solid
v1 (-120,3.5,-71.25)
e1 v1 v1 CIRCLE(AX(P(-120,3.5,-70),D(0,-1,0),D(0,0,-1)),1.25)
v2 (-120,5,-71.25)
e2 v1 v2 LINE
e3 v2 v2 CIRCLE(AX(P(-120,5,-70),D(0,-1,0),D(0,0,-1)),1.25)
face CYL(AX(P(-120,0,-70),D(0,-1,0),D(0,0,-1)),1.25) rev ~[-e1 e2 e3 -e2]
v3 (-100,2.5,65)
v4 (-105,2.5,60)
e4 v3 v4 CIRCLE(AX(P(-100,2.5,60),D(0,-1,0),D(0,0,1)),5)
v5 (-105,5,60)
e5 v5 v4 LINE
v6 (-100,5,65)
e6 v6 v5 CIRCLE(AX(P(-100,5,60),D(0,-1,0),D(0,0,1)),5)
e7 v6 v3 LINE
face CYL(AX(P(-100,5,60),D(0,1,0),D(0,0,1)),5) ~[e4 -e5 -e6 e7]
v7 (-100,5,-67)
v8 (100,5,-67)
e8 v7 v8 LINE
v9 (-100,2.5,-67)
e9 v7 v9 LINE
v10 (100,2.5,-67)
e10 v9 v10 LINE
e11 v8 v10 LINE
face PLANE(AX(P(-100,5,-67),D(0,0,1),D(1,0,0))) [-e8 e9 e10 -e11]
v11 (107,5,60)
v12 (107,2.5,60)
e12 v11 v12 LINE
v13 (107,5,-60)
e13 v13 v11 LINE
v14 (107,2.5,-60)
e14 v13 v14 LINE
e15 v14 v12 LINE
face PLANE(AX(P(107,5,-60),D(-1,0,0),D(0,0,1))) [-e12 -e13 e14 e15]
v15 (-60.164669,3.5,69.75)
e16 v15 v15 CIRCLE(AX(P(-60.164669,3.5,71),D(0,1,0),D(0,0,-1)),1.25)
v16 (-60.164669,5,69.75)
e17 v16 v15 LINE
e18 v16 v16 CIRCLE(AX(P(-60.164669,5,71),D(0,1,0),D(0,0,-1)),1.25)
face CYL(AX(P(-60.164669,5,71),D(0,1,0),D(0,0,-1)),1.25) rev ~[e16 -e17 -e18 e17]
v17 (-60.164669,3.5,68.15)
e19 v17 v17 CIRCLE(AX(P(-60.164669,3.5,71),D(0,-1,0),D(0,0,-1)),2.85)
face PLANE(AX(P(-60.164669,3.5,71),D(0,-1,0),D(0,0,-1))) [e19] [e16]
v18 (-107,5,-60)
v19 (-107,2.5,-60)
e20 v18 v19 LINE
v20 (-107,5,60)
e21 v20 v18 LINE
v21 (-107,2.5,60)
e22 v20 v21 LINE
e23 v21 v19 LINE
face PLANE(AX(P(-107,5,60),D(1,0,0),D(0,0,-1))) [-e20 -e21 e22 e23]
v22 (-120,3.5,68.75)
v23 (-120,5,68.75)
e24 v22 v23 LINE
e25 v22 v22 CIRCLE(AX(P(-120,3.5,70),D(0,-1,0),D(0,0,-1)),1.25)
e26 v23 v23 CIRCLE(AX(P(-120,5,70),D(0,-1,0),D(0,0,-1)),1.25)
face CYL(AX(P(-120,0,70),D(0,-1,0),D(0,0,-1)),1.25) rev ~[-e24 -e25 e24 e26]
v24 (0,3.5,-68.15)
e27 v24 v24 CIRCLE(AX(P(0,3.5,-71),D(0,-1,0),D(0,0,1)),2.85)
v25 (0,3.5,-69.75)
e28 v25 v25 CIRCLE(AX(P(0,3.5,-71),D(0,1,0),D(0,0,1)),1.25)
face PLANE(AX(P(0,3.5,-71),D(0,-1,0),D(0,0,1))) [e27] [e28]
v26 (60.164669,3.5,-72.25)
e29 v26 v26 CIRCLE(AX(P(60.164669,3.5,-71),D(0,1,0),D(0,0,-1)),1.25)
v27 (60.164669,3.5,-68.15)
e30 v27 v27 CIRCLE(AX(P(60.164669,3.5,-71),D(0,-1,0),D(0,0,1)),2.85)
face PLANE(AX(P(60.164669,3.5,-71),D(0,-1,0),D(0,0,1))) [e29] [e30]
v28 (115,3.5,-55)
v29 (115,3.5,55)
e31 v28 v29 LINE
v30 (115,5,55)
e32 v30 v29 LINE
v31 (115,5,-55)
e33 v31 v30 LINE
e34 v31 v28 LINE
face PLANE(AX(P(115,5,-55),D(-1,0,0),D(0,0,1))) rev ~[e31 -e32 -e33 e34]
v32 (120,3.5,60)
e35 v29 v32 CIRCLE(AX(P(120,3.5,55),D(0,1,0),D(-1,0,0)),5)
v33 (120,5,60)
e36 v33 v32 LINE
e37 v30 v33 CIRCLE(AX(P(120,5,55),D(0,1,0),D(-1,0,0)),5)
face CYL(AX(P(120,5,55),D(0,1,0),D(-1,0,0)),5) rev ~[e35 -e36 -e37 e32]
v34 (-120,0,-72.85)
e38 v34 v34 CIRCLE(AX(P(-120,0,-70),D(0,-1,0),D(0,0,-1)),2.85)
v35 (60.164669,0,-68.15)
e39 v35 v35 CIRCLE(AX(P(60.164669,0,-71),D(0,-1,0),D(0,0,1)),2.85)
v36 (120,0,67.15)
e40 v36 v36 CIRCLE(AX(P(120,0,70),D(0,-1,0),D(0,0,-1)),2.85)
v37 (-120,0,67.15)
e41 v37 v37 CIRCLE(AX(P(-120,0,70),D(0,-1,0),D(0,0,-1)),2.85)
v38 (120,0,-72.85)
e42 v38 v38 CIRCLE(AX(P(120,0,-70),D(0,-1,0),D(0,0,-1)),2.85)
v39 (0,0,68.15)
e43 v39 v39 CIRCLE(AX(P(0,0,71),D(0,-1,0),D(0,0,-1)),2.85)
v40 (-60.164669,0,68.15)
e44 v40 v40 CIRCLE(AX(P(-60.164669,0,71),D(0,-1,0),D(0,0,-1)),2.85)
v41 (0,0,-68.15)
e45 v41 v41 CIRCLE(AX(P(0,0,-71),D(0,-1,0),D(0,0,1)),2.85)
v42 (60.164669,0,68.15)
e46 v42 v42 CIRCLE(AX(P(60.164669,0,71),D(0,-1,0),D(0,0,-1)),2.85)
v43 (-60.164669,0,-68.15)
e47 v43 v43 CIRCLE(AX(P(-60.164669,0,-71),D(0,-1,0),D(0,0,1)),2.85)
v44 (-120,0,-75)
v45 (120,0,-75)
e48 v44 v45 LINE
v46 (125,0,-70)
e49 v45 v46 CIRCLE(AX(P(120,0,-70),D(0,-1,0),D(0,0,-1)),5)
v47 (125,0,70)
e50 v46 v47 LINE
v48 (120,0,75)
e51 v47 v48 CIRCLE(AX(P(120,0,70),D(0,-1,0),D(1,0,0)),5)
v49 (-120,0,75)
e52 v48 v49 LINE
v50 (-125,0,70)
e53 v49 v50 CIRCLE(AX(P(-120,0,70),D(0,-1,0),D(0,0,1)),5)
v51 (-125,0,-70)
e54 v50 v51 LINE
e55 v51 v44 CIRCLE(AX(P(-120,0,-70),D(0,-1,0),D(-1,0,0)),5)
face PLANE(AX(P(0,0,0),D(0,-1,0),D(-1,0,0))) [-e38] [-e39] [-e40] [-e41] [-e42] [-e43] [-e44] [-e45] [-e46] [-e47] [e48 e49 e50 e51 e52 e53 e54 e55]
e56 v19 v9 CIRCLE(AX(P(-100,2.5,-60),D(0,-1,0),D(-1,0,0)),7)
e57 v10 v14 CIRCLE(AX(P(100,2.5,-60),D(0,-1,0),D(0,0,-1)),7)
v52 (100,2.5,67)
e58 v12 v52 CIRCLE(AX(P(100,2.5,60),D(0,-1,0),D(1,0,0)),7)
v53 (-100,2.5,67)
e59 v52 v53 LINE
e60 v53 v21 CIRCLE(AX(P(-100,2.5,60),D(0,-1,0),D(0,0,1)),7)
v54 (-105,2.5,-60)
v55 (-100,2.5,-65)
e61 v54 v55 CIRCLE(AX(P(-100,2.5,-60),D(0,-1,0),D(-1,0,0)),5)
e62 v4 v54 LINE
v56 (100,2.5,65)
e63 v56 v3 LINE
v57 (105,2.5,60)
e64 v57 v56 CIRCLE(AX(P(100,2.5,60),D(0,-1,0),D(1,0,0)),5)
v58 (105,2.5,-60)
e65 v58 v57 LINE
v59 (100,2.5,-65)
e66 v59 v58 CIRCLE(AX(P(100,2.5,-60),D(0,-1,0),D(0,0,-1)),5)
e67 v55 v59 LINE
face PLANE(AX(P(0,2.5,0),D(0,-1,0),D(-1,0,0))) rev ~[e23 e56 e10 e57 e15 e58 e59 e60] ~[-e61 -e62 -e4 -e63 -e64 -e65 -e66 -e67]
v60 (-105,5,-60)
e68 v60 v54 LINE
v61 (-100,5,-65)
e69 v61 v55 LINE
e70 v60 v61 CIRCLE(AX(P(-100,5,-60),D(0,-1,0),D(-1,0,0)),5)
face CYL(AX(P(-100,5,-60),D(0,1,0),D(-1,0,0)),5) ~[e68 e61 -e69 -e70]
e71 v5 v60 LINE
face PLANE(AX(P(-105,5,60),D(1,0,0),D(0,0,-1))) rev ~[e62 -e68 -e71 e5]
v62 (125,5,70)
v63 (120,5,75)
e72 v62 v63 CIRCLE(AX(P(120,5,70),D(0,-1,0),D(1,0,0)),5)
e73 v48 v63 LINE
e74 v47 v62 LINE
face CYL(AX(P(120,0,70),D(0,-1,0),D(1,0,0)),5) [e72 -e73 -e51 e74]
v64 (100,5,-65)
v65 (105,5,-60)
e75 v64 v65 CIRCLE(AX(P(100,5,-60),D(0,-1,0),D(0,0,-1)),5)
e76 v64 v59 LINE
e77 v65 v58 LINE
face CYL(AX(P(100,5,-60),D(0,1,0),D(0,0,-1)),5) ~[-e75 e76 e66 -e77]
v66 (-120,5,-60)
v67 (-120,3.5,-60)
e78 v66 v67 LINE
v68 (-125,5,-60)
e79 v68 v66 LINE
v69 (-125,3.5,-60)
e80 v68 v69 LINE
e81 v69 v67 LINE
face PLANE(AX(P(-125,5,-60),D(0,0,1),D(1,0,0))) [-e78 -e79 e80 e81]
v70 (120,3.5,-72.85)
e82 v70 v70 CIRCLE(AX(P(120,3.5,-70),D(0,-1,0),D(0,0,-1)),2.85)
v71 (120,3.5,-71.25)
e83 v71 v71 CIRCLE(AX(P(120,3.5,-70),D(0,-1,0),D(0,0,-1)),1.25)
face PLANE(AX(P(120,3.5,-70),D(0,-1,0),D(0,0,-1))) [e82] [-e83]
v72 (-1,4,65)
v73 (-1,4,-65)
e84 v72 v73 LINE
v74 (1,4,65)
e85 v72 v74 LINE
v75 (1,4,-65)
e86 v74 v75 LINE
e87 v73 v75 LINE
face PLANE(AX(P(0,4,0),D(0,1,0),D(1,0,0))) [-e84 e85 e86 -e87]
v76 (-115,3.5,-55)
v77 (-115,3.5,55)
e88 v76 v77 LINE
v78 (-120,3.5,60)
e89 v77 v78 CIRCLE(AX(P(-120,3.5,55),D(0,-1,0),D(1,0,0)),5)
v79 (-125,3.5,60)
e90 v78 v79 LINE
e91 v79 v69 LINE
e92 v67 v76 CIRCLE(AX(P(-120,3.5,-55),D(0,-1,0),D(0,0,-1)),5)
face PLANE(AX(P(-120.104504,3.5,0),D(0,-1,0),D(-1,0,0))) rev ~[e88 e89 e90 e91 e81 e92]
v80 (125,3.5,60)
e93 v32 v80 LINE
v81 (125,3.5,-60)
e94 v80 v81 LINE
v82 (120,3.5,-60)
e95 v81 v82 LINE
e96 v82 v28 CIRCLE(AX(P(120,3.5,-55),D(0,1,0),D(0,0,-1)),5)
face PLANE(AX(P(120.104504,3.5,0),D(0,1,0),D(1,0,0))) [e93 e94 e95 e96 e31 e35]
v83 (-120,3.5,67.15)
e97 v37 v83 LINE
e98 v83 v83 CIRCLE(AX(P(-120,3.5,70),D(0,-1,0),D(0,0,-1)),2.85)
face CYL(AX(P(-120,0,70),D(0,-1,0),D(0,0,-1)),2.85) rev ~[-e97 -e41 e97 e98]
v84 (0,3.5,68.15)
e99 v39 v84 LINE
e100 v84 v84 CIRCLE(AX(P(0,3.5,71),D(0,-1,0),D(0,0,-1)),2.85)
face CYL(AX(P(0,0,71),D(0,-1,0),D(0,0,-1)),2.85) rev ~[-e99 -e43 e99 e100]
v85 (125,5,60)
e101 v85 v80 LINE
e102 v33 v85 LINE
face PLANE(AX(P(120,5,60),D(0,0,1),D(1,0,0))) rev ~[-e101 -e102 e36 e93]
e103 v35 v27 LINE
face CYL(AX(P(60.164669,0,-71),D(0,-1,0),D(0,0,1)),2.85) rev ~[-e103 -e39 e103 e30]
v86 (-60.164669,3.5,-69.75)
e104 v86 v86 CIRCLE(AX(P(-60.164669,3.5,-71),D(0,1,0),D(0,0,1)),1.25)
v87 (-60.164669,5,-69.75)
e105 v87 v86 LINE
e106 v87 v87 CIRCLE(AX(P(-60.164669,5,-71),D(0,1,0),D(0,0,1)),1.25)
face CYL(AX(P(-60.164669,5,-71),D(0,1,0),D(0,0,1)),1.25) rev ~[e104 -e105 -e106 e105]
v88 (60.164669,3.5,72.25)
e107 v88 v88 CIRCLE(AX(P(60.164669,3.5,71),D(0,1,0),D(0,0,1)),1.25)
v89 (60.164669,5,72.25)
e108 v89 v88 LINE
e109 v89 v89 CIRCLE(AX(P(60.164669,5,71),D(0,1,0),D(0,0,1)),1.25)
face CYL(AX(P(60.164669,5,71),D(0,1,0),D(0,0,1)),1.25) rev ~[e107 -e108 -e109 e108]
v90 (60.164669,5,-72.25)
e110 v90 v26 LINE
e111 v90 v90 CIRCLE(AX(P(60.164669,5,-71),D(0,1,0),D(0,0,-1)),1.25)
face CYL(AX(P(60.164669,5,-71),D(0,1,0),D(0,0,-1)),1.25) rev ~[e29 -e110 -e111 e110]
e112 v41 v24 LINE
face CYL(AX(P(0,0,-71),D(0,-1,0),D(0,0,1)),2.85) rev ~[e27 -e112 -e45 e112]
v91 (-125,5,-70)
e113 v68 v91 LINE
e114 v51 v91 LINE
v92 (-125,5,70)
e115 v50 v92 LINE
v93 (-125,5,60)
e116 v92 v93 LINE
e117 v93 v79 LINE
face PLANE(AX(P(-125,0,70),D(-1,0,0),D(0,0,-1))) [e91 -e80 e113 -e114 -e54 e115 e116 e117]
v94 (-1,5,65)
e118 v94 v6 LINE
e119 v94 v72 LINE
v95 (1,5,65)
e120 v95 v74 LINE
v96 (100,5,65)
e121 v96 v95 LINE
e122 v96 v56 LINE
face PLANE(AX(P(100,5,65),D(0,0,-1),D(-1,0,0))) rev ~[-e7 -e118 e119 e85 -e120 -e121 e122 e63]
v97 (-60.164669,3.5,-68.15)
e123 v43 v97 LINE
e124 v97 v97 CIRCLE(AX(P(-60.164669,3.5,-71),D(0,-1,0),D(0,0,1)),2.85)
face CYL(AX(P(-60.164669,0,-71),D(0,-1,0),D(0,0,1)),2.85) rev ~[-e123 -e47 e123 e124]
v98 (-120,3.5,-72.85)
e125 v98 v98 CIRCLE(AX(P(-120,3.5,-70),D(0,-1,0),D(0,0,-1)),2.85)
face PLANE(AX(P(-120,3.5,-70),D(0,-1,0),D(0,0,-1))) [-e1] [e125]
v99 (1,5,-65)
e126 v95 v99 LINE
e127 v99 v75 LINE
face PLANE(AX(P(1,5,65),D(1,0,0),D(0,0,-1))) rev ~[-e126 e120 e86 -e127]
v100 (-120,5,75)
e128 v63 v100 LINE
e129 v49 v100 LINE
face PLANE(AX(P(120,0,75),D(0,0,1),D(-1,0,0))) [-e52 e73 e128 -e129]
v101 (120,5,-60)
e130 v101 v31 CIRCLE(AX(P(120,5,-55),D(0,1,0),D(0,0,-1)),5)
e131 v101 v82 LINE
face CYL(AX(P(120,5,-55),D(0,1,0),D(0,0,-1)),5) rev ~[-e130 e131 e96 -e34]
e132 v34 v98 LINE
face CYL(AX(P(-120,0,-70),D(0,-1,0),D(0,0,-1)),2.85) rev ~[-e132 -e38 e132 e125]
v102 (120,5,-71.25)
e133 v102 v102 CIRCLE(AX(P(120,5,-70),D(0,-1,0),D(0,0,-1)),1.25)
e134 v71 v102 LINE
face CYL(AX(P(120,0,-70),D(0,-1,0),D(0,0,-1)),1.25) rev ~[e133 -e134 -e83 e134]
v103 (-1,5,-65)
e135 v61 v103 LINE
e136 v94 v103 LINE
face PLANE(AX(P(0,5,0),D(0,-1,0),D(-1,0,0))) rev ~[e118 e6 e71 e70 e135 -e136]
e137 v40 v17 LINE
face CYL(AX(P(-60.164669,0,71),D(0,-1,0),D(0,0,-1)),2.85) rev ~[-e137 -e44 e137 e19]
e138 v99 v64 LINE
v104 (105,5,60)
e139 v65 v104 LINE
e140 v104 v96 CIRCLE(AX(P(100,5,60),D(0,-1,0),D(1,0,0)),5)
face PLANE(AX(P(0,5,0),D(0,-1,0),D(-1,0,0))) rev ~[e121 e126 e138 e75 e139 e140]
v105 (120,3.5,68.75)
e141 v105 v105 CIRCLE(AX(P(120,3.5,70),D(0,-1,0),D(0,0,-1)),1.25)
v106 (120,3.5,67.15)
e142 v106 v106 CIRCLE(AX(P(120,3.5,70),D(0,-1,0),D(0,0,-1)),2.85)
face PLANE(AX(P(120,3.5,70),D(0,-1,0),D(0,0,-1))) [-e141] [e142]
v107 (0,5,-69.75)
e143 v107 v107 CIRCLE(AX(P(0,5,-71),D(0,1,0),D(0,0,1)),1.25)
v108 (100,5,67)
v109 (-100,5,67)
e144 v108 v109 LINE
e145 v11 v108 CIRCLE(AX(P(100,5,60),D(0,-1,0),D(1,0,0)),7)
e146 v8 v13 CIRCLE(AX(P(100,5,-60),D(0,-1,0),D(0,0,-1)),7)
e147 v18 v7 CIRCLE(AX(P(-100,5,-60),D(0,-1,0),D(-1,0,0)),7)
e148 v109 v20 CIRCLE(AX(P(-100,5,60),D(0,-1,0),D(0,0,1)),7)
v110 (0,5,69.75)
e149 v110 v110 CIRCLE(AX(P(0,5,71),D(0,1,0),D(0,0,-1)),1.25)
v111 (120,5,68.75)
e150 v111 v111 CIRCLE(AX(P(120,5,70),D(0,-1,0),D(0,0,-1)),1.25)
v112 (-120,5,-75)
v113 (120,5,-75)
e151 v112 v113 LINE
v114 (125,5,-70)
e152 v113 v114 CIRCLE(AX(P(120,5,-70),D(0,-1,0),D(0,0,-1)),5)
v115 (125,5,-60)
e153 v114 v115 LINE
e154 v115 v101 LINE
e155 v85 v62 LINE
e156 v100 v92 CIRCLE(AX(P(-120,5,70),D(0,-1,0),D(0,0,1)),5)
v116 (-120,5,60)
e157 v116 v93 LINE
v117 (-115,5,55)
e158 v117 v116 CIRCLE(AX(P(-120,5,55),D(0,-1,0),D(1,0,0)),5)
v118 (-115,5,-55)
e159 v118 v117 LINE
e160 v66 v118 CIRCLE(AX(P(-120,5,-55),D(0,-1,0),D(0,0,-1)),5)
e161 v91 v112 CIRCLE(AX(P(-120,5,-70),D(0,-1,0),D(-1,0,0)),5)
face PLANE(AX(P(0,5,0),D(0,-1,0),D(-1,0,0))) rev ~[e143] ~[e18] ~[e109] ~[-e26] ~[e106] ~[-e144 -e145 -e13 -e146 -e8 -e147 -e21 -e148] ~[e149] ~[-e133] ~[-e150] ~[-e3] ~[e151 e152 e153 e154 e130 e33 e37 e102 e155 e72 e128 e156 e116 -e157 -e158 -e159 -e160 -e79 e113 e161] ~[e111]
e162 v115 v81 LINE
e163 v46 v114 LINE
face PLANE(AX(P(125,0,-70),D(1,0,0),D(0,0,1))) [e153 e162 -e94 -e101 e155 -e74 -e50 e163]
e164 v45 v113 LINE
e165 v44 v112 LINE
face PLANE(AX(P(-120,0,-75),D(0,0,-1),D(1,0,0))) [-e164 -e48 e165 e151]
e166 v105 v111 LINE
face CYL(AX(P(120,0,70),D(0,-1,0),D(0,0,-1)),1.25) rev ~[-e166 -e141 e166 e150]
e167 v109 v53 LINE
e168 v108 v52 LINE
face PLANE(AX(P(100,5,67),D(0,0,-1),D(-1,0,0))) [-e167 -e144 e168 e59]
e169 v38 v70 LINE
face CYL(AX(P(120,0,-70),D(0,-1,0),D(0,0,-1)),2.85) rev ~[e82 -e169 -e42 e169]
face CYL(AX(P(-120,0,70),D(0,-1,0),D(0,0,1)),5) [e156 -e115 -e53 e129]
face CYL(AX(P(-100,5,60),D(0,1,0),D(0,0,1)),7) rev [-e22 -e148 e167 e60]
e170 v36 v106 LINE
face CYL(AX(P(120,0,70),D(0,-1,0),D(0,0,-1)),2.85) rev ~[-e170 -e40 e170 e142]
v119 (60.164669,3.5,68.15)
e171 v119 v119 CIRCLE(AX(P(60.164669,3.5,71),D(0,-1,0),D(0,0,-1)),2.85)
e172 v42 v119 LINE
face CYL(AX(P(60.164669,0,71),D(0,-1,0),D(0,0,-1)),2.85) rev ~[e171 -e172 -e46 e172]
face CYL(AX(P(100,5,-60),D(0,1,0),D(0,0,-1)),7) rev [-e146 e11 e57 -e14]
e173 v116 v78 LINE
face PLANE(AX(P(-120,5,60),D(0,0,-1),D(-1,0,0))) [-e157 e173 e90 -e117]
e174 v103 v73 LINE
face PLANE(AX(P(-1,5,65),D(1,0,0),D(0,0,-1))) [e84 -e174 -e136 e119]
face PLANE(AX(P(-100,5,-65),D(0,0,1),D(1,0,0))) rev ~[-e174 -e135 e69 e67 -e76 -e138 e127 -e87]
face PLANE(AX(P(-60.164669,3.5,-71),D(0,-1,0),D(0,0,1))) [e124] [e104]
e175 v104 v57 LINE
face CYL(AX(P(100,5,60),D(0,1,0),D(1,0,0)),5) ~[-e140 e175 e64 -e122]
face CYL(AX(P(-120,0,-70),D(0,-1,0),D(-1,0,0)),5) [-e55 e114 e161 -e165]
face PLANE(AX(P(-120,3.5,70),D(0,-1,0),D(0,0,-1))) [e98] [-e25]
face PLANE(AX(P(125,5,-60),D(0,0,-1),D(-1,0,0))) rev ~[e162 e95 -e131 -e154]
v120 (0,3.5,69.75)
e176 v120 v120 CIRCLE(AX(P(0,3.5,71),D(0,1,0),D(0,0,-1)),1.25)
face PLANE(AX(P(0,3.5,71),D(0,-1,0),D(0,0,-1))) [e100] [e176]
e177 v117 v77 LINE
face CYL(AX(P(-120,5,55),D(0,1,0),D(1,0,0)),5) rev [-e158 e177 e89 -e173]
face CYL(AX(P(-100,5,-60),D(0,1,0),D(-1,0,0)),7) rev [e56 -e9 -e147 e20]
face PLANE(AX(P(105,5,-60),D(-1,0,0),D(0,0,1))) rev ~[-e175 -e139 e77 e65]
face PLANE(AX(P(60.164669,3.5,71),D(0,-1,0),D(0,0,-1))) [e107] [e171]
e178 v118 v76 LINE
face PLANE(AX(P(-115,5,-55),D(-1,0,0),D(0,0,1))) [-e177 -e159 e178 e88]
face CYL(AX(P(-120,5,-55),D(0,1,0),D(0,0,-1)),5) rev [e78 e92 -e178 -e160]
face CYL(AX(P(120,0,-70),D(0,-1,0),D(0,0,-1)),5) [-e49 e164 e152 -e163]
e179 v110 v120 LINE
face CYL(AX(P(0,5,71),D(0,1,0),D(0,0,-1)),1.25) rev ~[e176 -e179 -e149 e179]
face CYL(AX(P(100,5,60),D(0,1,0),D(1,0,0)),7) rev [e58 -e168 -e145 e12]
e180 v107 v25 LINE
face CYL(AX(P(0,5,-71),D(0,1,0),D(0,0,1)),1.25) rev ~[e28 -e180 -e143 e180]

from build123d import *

# Parameters (mm, degrees)
EXTRUDE_1_DEPTH     = 5
CUT_EXTRUDE_1_DEPTH = 1.5
CUT_EXTRUDE_2_DEPTH = 2.5
SKETCH_4_R          = 1.25
CUT_EXTRUDE_3_DEPTH = 5
SKETCH_5_R          = 2.85
CUT_EXTRUDE_4_DEPTH = 3.5
SKETCH_6_R          = 1.25
CUT_EXTRUDE_5_DEPTH = 5
SKETCH_7_R          = 2.85
CUT_EXTRUDE_6_DEPTH = 3.5
SKETCH_8_W          = 2
SKETCH_8_H          = 130
CUT_EXTRUDE_8_DEPTH = 1


with BuildPart() as part:
    # 草图1 → 凸台-拉伸1 (new body)
    with BuildSketch(Plane(origin=(0, 0, 0), x_dir=(1, 0, 0), z_dir=(0, 1, 0))):
        with BuildLine():
            Line((-120, 75), (120, 75))
            ThreePointArc((120, 75), (123.535533906, 73.535533906), (125, 70))
            Line((125, 70), (125, -70))
            ThreePointArc((125, -70), (123.535533906, -73.535533906), (120, -75))
            Line((120, -75), (-120, -75))
            ThreePointArc((-120, -75), (-123.535533906, -73.535533906), (-125, -70))
            Line((-125, -70), (-125, 70))
            ThreePointArc((-125, 70), (-123.535533906, 73.535533906), (-120, 75))
        make_face()
    extrude(amount=EXTRUDE_1_DEPTH)

    # 草图2 → 切除-拉伸1 (cut)
    with BuildSketch(Plane(origin=(0, 5, 0), x_dir=(1, 0, 0), z_dir=(0, 1, 0))):
        with BuildLine():
            Line((-125, 60), (-120, 60))
            ThreePointArc((-120, 60), (-116.464466094, 58.535533906), (-115, 55))
            Line((-115, 55), (-115, -55))
            ThreePointArc((-115, -55), (-116.464466094, -58.535533906), (-120, -60))
            Line((-120, -60), (-125, -60))
            Line((-125, -60), (-125, 60))
        make_face()
        with BuildLine():
            Line((115, 55), (115, -55))
            ThreePointArc((115, -55), (116.464466094, -58.535533906), (120, -60))
            Line((120, -60), (125, -60))
            Line((125, -60), (125, 60))
            Line((125, 60), (120, 60))
            ThreePointArc((120, 60), (116.464466094, 58.535533906), (115, 55))
        make_face()
    extrude(amount=-CUT_EXTRUDE_1_DEPTH, mode=Mode.SUBTRACT)

    # 草图3 → 切除-拉伸2 (cut)
    with BuildSketch(Plane(origin=(0, 5, 0), x_dir=(1, 0, 0), z_dir=(0, 1, 0))):
        with BuildLine():
            Line((-100, 67), (100, 67))
            ThreePointArc((100, 67), (104.949747468, 64.949747468), (107, 60))
            Line((107, 60), (107, -60))
            ThreePointArc((107, -60), (104.949747468, -64.949747468), (100, -67))
            Line((100, -67), (-100, -67))
            ThreePointArc((-100, -67), (-104.949747468, -64.949747468), (-107, -60))
            Line((-107, -60), (-107, 60))
            ThreePointArc((-107, 60), (-104.949747468, 64.949747468), (-100, 67))
        make_face()
        with BuildLine():
            Line((-100, 65), (100, 65))
            ThreePointArc((100, 65), (103.535533906, 63.535533906), (105, 60))
            Line((105, 60), (105, -60))
            ThreePointArc((105, -60), (103.535533906, -63.535533906), (100, -65))
            Line((100, -65), (-100, -65))
            ThreePointArc((-100, -65), (-103.535533906, -63.535533906), (-105, -60))
            Line((-105, -60), (-105, 60))
            ThreePointArc((-105, 60), (-103.535533906, 63.535533906), (-100, 65))
        make_face(mode=Mode.SUBTRACT)
    extrude(amount=-CUT_EXTRUDE_2_DEPTH, mode=Mode.SUBTRACT)

    # 草图4 → 切除-拉伸3 (cut)
    with BuildSketch(Plane.XZ):
        with Locations(Location((-120, 70, 0), (0, 0, 270))):
            Circle(SKETCH_4_R)
        with Locations(Location((-120, -70, 0), (0, 0, 270))):
            Circle(SKETCH_4_R)
        with Locations(Location((120, -70, 0), (0, 0, 270))):
            Circle(SKETCH_4_R)
        with Locations(Location((120, 70, 0), (0, 0, 270))):
            Circle(SKETCH_4_R)
    extrude(amount=-CUT_EXTRUDE_3_DEPTH, mode=Mode.SUBTRACT)

    # 草图5 → 切除-拉伸4 (cut)
    with BuildSketch(Plane.XZ):
        with Locations(Location((-120, 70, 0), (0, 0, 270))):
            Circle(SKETCH_5_R)
        with Locations(Location((-120, -70, 0), (0, 0, 270))):
            Circle(SKETCH_5_R)
        with Locations(Location((120, -70, 0), (0, 0, 270))):
            Circle(SKETCH_5_R)
        with Locations(Location((120, 70, 0), (0, 0, 270))):
            Circle(SKETCH_5_R)
    extrude(amount=-CUT_EXTRUDE_4_DEPTH, mode=Mode.SUBTRACT)

    # 草图6 → 切除-拉伸5 (cut)
    with BuildSketch(Plane(origin=(0, 5, 0), x_dir=(1, 0, 0), z_dir=(0, 1, 0))):
        with Locations(Location((0, 71, 0), (0, 0, 270))):
            Circle(SKETCH_6_R)
        with Locations(Location((-60.164669271, 71, 0), (0, 0, 270))):
            Circle(SKETCH_6_R)
        with Locations(Location((60.164669271, 71, 0), (0, 0, 90))):
            Circle(SKETCH_6_R)
        with Locations(Location((60.164669271, -71, 0), (0, 0, 270))):
            Circle(SKETCH_6_R)
        with Locations(Location((-60.164669271, -71, 0), (0, 0, 90))):
            Circle(SKETCH_6_R)
        with Locations(Location((0, -71, 0), (0, 0, 90))):
            Circle(SKETCH_6_R)
    extrude(amount=-CUT_EXTRUDE_5_DEPTH, mode=Mode.SUBTRACT)

    # 草图7 → 切除-拉伸6 (cut)
    with BuildSketch(Plane.XZ):
        with Locations(Location((-60.164669271, 71, 0), (0, 0, 270))):
            Circle(SKETCH_7_R)
        with Locations(Location((0, 71, 0), (0, 0, 270))):
            Circle(SKETCH_7_R)
        with Locations(Location((60.164669271, 71, 0), (0, 0, 270))):
            Circle(SKETCH_7_R)
        with Locations(Location((60.164669271, -71, 0), (0, 0, 90))):
            Circle(SKETCH_7_R)
        with Locations(Location((0, -71, 0), (0, 0, 90))):
            Circle(SKETCH_7_R)
        with Locations(Location((-60.164669271, -71, 0), (0, 0, 90))):
            Circle(SKETCH_7_R)
    extrude(amount=-CUT_EXTRUDE_6_DEPTH, mode=Mode.SUBTRACT)

    # 草图8 → 切除-拉伸8 (cut)
    with BuildSketch(Plane(origin=(0, 5, 0), x_dir=(1, 0, 0), z_dir=(0, 1, 0))):
        Rectangle(SKETCH_8_W, SKETCH_8_H)
    extrude(amount=-CUT_EXTRUDE_8_DEPTH, mode=Mode.SUBTRACT)


solid = part.part
